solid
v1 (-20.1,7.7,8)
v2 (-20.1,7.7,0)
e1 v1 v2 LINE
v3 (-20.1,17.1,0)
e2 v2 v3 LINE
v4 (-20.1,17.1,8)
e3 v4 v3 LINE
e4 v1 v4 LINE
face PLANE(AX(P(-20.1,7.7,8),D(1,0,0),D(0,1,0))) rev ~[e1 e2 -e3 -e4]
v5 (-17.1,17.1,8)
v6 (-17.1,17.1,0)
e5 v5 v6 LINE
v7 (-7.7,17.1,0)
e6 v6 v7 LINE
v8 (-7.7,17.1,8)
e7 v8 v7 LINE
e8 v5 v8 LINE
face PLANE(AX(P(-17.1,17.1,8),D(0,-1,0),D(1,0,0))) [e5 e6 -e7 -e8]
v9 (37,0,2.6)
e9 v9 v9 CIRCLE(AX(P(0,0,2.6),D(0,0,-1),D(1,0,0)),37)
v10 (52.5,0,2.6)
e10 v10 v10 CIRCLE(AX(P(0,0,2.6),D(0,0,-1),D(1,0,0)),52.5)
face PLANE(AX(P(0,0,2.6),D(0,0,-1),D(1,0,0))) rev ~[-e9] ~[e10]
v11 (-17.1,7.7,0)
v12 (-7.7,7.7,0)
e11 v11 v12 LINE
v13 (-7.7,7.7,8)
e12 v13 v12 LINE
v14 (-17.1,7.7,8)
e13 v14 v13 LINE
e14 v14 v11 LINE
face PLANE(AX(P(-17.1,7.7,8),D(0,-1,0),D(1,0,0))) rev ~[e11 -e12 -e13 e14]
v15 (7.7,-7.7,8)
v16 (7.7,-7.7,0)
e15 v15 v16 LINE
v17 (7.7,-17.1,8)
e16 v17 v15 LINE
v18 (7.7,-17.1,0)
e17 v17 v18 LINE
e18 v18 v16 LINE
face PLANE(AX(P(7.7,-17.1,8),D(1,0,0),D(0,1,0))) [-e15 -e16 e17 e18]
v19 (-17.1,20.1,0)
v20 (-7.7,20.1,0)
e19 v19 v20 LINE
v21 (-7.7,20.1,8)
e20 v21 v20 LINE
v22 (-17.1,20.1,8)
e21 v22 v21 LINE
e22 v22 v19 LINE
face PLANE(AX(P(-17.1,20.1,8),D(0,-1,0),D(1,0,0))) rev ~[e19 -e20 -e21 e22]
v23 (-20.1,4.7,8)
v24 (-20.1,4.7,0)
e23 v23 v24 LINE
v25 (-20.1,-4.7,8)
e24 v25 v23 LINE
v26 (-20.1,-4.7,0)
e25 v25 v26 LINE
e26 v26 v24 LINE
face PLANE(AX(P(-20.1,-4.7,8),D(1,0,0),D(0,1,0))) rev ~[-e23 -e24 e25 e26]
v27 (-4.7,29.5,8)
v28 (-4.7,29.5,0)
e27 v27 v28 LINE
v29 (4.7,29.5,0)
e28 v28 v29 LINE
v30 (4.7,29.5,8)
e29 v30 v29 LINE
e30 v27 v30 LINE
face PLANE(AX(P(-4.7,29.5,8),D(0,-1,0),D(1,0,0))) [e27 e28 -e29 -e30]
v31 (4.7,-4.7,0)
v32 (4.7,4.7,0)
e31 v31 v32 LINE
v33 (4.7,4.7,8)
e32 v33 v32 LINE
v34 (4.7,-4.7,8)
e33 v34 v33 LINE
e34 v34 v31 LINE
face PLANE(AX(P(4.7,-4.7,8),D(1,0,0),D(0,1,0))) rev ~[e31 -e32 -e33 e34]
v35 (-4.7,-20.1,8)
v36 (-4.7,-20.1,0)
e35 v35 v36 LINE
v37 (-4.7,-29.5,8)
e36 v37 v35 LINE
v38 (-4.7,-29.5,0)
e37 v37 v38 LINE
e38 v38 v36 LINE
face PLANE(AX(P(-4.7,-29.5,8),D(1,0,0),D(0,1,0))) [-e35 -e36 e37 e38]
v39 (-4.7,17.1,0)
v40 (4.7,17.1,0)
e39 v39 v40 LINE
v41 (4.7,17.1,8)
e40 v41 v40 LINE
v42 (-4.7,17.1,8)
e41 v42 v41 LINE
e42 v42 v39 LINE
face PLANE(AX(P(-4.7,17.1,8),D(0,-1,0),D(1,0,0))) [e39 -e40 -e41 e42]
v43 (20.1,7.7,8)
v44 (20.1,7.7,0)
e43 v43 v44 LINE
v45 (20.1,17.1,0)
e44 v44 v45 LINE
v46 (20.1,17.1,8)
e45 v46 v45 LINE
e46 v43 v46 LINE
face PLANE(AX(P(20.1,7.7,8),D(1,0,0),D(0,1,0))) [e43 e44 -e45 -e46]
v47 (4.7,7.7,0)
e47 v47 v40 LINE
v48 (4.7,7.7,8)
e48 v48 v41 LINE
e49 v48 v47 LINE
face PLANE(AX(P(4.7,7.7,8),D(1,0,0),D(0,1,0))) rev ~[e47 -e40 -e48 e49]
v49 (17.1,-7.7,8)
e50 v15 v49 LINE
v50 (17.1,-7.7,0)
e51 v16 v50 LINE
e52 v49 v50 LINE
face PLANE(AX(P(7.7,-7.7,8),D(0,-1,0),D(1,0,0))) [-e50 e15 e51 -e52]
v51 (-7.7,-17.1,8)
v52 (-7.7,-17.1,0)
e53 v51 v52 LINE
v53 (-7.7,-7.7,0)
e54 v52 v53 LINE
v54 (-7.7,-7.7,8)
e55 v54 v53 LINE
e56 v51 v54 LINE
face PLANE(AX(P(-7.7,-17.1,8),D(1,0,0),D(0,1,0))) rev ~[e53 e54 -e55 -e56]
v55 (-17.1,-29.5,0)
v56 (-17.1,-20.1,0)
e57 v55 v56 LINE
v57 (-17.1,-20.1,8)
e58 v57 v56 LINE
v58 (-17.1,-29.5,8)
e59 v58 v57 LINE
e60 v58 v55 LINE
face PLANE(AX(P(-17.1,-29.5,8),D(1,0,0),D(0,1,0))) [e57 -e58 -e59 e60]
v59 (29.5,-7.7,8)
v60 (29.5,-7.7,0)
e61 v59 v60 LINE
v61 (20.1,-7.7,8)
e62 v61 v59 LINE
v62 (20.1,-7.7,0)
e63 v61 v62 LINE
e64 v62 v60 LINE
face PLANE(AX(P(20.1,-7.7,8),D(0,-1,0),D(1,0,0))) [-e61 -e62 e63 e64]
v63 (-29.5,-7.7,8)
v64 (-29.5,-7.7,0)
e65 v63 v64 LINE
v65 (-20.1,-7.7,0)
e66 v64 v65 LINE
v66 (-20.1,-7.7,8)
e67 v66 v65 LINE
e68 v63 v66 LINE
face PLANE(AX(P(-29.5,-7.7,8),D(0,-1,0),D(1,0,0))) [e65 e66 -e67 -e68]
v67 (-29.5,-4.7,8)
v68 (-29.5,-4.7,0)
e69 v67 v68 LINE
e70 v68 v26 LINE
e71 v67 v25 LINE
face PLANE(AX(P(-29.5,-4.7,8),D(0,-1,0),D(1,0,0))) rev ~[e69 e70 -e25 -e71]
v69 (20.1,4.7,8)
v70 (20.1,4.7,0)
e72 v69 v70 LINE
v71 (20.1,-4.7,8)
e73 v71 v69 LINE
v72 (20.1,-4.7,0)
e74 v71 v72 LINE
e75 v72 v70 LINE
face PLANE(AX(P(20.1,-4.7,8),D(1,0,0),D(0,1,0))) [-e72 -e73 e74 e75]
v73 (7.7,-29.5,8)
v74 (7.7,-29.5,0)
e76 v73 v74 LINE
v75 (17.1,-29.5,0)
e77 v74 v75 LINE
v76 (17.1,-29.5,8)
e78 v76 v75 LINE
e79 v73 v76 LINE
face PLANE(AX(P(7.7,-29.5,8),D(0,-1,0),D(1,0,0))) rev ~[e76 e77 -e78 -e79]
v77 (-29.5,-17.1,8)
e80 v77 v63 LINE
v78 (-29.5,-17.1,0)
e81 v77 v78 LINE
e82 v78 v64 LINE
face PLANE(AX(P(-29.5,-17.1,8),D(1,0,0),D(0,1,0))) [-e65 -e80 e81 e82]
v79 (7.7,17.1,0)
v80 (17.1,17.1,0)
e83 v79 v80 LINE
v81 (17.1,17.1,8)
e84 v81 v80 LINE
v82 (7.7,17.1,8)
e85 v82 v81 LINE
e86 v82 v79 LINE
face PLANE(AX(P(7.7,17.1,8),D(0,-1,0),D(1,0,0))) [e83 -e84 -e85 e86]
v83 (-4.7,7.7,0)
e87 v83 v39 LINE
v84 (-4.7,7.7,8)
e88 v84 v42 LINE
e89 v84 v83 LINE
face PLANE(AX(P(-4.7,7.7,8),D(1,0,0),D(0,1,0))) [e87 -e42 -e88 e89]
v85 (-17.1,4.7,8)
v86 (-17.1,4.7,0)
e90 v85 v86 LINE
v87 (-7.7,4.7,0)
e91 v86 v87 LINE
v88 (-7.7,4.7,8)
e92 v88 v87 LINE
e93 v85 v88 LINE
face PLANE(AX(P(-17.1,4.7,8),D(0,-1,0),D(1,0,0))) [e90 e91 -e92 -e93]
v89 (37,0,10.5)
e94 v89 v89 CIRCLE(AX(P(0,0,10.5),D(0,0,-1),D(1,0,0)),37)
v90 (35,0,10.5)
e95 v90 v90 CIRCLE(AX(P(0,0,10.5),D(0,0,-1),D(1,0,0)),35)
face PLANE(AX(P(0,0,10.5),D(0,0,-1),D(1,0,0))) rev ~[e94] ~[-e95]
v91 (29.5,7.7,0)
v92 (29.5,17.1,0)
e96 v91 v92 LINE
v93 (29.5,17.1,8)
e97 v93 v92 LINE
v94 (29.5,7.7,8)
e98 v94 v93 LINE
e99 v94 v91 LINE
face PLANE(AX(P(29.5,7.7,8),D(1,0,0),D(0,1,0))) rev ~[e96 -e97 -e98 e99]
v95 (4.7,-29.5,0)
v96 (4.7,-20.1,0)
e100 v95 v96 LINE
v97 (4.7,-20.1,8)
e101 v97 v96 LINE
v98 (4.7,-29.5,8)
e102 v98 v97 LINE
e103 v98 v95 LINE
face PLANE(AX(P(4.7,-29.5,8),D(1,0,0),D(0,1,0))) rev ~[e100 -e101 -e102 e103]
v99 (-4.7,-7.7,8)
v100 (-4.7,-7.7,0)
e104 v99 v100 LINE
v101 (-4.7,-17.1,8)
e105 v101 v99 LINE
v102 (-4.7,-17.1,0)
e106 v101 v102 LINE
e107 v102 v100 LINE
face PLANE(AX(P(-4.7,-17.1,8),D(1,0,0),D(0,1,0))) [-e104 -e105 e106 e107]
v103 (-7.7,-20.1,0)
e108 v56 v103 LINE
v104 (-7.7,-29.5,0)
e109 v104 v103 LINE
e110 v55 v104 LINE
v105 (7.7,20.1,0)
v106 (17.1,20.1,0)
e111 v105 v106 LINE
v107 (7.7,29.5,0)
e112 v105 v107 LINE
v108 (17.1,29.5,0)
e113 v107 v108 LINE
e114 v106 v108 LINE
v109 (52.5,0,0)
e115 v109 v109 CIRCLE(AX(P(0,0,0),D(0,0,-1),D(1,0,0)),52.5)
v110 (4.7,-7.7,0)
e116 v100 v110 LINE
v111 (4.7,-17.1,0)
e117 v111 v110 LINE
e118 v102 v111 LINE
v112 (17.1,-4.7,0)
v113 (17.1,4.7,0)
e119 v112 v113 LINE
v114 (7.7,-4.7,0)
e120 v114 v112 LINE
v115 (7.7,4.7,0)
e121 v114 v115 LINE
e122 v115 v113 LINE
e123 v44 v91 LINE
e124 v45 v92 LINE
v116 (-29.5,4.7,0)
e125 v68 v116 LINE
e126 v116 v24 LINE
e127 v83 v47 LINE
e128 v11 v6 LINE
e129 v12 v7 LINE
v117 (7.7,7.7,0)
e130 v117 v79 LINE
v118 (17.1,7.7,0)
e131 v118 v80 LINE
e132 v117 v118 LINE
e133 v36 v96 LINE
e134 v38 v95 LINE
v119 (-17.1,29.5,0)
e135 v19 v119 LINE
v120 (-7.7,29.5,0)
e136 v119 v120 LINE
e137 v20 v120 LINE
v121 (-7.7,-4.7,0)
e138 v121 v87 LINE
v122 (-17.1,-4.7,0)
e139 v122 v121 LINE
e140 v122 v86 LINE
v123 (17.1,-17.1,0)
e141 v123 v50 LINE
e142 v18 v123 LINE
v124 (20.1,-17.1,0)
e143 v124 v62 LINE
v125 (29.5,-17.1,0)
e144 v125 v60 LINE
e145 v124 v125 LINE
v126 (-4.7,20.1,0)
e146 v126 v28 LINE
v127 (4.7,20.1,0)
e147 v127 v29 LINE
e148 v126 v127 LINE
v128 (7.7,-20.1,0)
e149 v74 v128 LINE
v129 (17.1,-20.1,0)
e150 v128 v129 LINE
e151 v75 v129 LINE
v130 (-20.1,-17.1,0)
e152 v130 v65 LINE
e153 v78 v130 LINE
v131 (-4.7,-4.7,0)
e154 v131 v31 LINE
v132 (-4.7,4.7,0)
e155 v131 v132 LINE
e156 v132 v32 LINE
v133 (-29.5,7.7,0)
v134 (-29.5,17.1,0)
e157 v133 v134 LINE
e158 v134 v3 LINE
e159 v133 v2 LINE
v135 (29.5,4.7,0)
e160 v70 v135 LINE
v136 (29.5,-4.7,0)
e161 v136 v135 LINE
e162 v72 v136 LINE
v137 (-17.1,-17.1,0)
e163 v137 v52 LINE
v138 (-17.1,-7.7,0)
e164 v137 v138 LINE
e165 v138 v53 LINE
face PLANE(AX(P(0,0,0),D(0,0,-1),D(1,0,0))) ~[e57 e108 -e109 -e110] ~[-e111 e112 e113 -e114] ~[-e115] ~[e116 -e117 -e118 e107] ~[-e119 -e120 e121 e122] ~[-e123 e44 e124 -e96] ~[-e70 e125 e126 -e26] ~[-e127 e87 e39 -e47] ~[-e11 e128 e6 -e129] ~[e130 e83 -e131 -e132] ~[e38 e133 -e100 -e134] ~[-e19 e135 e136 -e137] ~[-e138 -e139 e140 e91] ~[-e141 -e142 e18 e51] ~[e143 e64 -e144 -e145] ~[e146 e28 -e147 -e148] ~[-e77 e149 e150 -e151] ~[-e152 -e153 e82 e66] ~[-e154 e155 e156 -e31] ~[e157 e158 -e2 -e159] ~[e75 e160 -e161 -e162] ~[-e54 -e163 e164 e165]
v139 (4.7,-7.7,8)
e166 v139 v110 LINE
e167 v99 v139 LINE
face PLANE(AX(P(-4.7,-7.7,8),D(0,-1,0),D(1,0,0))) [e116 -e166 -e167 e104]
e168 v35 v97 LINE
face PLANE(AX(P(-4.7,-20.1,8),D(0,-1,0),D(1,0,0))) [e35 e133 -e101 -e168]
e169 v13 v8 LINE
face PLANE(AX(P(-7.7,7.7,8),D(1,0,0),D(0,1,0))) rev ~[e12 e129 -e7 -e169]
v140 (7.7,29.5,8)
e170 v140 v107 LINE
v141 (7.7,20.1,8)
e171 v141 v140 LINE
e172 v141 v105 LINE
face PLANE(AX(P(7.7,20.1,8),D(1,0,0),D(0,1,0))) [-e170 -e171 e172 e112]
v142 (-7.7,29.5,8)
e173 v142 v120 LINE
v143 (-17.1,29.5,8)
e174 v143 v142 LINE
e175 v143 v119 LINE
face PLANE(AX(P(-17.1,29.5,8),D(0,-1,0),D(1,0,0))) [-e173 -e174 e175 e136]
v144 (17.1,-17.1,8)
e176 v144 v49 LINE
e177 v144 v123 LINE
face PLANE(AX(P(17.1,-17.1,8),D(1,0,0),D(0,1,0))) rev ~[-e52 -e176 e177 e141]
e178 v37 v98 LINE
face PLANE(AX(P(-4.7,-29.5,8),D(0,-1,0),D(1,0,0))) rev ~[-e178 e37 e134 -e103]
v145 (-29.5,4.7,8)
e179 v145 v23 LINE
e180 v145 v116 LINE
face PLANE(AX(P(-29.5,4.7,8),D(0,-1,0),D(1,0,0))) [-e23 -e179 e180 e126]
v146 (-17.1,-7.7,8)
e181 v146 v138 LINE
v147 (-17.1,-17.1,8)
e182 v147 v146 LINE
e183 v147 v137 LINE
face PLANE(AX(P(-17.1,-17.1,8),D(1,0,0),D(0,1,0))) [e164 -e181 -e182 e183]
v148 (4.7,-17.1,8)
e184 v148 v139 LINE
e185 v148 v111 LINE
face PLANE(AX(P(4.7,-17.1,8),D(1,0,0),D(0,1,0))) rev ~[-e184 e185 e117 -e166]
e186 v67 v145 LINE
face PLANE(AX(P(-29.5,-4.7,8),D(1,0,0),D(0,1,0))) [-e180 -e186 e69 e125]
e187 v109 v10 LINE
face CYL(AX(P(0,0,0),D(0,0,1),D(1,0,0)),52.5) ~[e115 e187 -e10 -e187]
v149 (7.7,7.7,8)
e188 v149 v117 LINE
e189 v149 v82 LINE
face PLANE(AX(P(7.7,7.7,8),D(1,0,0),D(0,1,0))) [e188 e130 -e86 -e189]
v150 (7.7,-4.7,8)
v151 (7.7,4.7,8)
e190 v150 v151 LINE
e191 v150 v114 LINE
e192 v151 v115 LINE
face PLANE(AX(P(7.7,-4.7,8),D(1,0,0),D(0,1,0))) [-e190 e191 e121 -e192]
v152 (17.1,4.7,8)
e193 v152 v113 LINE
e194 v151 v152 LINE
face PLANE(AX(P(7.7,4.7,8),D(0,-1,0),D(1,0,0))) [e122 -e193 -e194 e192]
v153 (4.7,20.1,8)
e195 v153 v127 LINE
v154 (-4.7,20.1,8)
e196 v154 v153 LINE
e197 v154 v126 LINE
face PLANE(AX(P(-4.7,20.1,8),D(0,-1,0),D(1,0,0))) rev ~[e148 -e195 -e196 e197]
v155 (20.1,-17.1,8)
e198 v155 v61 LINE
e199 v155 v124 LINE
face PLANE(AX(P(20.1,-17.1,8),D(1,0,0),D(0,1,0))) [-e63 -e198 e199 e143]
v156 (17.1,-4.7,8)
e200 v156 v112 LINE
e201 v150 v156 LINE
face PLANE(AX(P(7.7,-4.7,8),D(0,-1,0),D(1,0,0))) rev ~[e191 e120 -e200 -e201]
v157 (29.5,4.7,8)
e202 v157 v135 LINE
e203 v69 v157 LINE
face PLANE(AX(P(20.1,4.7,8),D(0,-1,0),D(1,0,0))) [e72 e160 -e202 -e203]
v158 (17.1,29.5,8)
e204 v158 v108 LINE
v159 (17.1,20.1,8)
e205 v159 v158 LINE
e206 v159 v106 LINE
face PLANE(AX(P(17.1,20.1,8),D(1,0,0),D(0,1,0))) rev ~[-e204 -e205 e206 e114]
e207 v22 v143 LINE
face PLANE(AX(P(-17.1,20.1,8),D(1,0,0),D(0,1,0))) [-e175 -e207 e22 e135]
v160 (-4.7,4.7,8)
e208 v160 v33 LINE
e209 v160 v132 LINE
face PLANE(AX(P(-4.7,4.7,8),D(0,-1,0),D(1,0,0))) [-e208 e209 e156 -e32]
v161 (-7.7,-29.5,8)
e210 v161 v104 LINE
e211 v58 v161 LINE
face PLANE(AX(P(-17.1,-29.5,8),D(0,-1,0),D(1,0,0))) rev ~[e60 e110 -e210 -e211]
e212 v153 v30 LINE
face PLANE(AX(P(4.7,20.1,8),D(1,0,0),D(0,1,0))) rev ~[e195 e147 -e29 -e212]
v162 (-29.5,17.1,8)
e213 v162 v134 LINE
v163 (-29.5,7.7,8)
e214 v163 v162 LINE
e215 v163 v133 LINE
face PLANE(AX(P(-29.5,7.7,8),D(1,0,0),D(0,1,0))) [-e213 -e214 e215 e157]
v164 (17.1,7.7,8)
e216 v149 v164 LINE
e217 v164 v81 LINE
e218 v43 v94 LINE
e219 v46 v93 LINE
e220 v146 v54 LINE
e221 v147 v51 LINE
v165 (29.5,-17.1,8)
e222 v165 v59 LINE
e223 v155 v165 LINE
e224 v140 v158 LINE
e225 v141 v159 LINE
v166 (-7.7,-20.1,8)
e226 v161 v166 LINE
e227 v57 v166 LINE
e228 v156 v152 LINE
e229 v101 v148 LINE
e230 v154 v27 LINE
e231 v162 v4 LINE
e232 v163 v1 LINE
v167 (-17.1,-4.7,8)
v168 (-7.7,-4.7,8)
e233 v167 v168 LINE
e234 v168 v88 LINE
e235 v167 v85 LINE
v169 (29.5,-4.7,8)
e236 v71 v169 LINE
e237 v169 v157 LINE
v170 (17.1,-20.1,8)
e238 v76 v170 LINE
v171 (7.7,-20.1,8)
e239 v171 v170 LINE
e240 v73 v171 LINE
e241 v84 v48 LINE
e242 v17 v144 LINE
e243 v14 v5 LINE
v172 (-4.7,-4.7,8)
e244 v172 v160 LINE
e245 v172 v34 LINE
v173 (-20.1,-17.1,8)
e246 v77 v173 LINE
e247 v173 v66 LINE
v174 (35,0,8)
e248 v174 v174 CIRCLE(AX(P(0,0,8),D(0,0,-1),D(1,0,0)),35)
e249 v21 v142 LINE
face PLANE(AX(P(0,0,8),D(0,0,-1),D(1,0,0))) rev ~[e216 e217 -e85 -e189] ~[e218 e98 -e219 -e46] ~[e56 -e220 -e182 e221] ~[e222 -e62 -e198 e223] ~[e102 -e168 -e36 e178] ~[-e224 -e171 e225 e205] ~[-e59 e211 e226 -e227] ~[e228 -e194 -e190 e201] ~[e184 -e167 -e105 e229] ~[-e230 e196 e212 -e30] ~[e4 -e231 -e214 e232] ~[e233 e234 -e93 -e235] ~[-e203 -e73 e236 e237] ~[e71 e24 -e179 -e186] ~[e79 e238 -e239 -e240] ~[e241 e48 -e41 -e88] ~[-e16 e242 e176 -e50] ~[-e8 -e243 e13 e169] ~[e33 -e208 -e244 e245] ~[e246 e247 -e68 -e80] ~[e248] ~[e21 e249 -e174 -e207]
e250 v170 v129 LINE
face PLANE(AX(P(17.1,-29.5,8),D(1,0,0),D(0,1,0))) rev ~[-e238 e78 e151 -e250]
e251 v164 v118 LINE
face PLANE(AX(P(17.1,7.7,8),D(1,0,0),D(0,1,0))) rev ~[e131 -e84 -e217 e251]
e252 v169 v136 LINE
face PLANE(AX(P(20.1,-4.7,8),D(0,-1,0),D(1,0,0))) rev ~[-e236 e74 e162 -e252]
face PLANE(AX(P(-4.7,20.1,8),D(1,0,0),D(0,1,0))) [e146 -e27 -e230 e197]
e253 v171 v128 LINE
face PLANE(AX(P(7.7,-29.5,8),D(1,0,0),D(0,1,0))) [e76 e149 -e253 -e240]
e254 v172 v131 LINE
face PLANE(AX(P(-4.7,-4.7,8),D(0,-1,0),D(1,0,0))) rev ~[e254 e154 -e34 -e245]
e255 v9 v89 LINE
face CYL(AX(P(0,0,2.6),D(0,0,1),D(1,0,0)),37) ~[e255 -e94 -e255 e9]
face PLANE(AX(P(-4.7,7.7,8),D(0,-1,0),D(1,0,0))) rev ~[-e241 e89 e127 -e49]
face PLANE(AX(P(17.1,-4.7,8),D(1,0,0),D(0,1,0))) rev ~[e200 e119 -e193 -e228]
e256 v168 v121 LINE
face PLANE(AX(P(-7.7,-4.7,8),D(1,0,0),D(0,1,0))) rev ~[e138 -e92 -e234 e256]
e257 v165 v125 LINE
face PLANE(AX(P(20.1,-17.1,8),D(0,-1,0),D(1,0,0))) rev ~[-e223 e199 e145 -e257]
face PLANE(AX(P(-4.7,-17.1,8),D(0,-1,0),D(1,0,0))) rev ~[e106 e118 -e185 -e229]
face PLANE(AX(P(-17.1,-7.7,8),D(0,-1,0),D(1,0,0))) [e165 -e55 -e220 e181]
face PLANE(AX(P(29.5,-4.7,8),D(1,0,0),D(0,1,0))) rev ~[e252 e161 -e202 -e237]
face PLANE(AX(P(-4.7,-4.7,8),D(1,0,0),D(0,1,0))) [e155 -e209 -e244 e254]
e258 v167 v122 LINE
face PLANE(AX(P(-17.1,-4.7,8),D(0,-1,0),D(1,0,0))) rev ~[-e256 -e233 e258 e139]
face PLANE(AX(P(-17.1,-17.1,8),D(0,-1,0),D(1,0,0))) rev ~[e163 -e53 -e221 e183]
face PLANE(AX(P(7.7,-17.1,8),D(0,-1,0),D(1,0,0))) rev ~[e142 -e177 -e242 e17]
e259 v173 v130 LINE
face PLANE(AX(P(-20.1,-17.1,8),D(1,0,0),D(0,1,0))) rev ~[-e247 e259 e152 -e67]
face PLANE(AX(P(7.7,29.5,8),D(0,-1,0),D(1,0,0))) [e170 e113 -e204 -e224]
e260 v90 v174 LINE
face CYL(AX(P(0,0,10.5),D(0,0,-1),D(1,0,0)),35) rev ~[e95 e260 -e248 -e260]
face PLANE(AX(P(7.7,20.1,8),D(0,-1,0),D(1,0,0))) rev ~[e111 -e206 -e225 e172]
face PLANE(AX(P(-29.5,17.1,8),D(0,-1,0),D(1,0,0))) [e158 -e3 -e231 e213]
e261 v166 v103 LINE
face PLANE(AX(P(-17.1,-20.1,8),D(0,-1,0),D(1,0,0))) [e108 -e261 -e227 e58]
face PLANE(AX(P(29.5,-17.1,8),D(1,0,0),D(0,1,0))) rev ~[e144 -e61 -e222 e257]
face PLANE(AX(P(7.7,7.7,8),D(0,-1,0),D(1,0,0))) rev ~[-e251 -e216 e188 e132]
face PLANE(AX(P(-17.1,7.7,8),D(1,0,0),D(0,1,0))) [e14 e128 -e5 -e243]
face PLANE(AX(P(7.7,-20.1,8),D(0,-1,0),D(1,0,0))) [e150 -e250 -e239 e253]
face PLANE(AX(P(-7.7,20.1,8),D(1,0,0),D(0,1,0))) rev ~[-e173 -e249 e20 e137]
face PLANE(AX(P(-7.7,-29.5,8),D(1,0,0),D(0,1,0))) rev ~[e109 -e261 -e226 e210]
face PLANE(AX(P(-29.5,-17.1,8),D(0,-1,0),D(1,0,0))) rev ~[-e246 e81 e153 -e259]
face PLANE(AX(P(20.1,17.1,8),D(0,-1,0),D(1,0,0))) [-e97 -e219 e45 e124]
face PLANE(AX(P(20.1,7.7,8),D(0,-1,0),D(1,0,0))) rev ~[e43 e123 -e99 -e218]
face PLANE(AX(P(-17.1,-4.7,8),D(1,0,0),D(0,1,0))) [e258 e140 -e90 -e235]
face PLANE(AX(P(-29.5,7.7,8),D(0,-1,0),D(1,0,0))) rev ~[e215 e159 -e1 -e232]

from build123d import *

# Parameters (mm, degrees)
F2_W     = 9.4
F2_H     = 9.4
F3_DEPTH = 25


with BuildPart() as f1:
    # F0 (on Front) → F1 (revolve)
    with BuildSketch(Plane.XZ):
        Polygon((0, 2.6), (0, 0), (37, 0), (52.5, 0), (52.5, 2.6), (37, 2.6), (37, 10.5), (35, 10.5), (35, 8), (0, 8), align=None)
    revolve(axis=Axis((0, 0, 2.351139), (0, 0, -1)))

    # F2 (on face) → F3 (cut)
    with BuildSketch(Plane.XY.offset(8)):
        Rectangle(F2_W, F2_H)
        with Locations((0, 12.4)):
            Rectangle(F2_W, F2_H)
        with Locations((0, 24.8)):
            Rectangle(F2_W, F2_H)
        with Locations((12.4, 0)):
            Rectangle(F2_W, F2_H)
        with Locations((12.4, 12.4)):
            Rectangle(F2_W, F2_H)
        with Locations((12.4, 24.8)):
            Rectangle(F2_W, F2_H)
        with Locations((24.8, 0)):
            Rectangle(F2_W, F2_H)
        with Locations((24.8, 12.4)):
            Rectangle(F2_W, F2_H)
        with Locations((-12.4, 0)):
            Rectangle(F2_W, F2_H)
        with Locations((-12.4, 12.4)):
            Rectangle(F2_W, F2_H)
        with Locations((-12.4, 24.8)):
            Rectangle(F2_W, F2_H)
        with Locations((-24.8, 0)):
            Rectangle(F2_W, F2_H)
        with Locations((-24.8, 12.4)):
            Rectangle(F2_W, F2_H)
        with Locations((-12.4, -12.4)):
            Rectangle(F2_W, F2_H)
        with Locations((-12.4, -24.8)):
            Rectangle(F2_W, F2_H)
        with Locations((24.8, -12.4)):
            Rectangle(F2_W, F2_H)
        with Locations((-24.8, -12.4)):
            Rectangle(F2_W, F2_H)
        with Locations((0, -12.4)):
            Rectangle(F2_W, F2_H)
        with Locations((12.4, -24.8)):
            Rectangle(F2_W, F2_H)
        with Locations((0, -24.8)):
            Rectangle(F2_W, F2_H)
        with Locations((12.4, -12.4)):
            Rectangle(F2_W, F2_H)
    extrude(amount=-F3_DEPTH, mode=Mode.SUBTRACT)


solid = f1.part
